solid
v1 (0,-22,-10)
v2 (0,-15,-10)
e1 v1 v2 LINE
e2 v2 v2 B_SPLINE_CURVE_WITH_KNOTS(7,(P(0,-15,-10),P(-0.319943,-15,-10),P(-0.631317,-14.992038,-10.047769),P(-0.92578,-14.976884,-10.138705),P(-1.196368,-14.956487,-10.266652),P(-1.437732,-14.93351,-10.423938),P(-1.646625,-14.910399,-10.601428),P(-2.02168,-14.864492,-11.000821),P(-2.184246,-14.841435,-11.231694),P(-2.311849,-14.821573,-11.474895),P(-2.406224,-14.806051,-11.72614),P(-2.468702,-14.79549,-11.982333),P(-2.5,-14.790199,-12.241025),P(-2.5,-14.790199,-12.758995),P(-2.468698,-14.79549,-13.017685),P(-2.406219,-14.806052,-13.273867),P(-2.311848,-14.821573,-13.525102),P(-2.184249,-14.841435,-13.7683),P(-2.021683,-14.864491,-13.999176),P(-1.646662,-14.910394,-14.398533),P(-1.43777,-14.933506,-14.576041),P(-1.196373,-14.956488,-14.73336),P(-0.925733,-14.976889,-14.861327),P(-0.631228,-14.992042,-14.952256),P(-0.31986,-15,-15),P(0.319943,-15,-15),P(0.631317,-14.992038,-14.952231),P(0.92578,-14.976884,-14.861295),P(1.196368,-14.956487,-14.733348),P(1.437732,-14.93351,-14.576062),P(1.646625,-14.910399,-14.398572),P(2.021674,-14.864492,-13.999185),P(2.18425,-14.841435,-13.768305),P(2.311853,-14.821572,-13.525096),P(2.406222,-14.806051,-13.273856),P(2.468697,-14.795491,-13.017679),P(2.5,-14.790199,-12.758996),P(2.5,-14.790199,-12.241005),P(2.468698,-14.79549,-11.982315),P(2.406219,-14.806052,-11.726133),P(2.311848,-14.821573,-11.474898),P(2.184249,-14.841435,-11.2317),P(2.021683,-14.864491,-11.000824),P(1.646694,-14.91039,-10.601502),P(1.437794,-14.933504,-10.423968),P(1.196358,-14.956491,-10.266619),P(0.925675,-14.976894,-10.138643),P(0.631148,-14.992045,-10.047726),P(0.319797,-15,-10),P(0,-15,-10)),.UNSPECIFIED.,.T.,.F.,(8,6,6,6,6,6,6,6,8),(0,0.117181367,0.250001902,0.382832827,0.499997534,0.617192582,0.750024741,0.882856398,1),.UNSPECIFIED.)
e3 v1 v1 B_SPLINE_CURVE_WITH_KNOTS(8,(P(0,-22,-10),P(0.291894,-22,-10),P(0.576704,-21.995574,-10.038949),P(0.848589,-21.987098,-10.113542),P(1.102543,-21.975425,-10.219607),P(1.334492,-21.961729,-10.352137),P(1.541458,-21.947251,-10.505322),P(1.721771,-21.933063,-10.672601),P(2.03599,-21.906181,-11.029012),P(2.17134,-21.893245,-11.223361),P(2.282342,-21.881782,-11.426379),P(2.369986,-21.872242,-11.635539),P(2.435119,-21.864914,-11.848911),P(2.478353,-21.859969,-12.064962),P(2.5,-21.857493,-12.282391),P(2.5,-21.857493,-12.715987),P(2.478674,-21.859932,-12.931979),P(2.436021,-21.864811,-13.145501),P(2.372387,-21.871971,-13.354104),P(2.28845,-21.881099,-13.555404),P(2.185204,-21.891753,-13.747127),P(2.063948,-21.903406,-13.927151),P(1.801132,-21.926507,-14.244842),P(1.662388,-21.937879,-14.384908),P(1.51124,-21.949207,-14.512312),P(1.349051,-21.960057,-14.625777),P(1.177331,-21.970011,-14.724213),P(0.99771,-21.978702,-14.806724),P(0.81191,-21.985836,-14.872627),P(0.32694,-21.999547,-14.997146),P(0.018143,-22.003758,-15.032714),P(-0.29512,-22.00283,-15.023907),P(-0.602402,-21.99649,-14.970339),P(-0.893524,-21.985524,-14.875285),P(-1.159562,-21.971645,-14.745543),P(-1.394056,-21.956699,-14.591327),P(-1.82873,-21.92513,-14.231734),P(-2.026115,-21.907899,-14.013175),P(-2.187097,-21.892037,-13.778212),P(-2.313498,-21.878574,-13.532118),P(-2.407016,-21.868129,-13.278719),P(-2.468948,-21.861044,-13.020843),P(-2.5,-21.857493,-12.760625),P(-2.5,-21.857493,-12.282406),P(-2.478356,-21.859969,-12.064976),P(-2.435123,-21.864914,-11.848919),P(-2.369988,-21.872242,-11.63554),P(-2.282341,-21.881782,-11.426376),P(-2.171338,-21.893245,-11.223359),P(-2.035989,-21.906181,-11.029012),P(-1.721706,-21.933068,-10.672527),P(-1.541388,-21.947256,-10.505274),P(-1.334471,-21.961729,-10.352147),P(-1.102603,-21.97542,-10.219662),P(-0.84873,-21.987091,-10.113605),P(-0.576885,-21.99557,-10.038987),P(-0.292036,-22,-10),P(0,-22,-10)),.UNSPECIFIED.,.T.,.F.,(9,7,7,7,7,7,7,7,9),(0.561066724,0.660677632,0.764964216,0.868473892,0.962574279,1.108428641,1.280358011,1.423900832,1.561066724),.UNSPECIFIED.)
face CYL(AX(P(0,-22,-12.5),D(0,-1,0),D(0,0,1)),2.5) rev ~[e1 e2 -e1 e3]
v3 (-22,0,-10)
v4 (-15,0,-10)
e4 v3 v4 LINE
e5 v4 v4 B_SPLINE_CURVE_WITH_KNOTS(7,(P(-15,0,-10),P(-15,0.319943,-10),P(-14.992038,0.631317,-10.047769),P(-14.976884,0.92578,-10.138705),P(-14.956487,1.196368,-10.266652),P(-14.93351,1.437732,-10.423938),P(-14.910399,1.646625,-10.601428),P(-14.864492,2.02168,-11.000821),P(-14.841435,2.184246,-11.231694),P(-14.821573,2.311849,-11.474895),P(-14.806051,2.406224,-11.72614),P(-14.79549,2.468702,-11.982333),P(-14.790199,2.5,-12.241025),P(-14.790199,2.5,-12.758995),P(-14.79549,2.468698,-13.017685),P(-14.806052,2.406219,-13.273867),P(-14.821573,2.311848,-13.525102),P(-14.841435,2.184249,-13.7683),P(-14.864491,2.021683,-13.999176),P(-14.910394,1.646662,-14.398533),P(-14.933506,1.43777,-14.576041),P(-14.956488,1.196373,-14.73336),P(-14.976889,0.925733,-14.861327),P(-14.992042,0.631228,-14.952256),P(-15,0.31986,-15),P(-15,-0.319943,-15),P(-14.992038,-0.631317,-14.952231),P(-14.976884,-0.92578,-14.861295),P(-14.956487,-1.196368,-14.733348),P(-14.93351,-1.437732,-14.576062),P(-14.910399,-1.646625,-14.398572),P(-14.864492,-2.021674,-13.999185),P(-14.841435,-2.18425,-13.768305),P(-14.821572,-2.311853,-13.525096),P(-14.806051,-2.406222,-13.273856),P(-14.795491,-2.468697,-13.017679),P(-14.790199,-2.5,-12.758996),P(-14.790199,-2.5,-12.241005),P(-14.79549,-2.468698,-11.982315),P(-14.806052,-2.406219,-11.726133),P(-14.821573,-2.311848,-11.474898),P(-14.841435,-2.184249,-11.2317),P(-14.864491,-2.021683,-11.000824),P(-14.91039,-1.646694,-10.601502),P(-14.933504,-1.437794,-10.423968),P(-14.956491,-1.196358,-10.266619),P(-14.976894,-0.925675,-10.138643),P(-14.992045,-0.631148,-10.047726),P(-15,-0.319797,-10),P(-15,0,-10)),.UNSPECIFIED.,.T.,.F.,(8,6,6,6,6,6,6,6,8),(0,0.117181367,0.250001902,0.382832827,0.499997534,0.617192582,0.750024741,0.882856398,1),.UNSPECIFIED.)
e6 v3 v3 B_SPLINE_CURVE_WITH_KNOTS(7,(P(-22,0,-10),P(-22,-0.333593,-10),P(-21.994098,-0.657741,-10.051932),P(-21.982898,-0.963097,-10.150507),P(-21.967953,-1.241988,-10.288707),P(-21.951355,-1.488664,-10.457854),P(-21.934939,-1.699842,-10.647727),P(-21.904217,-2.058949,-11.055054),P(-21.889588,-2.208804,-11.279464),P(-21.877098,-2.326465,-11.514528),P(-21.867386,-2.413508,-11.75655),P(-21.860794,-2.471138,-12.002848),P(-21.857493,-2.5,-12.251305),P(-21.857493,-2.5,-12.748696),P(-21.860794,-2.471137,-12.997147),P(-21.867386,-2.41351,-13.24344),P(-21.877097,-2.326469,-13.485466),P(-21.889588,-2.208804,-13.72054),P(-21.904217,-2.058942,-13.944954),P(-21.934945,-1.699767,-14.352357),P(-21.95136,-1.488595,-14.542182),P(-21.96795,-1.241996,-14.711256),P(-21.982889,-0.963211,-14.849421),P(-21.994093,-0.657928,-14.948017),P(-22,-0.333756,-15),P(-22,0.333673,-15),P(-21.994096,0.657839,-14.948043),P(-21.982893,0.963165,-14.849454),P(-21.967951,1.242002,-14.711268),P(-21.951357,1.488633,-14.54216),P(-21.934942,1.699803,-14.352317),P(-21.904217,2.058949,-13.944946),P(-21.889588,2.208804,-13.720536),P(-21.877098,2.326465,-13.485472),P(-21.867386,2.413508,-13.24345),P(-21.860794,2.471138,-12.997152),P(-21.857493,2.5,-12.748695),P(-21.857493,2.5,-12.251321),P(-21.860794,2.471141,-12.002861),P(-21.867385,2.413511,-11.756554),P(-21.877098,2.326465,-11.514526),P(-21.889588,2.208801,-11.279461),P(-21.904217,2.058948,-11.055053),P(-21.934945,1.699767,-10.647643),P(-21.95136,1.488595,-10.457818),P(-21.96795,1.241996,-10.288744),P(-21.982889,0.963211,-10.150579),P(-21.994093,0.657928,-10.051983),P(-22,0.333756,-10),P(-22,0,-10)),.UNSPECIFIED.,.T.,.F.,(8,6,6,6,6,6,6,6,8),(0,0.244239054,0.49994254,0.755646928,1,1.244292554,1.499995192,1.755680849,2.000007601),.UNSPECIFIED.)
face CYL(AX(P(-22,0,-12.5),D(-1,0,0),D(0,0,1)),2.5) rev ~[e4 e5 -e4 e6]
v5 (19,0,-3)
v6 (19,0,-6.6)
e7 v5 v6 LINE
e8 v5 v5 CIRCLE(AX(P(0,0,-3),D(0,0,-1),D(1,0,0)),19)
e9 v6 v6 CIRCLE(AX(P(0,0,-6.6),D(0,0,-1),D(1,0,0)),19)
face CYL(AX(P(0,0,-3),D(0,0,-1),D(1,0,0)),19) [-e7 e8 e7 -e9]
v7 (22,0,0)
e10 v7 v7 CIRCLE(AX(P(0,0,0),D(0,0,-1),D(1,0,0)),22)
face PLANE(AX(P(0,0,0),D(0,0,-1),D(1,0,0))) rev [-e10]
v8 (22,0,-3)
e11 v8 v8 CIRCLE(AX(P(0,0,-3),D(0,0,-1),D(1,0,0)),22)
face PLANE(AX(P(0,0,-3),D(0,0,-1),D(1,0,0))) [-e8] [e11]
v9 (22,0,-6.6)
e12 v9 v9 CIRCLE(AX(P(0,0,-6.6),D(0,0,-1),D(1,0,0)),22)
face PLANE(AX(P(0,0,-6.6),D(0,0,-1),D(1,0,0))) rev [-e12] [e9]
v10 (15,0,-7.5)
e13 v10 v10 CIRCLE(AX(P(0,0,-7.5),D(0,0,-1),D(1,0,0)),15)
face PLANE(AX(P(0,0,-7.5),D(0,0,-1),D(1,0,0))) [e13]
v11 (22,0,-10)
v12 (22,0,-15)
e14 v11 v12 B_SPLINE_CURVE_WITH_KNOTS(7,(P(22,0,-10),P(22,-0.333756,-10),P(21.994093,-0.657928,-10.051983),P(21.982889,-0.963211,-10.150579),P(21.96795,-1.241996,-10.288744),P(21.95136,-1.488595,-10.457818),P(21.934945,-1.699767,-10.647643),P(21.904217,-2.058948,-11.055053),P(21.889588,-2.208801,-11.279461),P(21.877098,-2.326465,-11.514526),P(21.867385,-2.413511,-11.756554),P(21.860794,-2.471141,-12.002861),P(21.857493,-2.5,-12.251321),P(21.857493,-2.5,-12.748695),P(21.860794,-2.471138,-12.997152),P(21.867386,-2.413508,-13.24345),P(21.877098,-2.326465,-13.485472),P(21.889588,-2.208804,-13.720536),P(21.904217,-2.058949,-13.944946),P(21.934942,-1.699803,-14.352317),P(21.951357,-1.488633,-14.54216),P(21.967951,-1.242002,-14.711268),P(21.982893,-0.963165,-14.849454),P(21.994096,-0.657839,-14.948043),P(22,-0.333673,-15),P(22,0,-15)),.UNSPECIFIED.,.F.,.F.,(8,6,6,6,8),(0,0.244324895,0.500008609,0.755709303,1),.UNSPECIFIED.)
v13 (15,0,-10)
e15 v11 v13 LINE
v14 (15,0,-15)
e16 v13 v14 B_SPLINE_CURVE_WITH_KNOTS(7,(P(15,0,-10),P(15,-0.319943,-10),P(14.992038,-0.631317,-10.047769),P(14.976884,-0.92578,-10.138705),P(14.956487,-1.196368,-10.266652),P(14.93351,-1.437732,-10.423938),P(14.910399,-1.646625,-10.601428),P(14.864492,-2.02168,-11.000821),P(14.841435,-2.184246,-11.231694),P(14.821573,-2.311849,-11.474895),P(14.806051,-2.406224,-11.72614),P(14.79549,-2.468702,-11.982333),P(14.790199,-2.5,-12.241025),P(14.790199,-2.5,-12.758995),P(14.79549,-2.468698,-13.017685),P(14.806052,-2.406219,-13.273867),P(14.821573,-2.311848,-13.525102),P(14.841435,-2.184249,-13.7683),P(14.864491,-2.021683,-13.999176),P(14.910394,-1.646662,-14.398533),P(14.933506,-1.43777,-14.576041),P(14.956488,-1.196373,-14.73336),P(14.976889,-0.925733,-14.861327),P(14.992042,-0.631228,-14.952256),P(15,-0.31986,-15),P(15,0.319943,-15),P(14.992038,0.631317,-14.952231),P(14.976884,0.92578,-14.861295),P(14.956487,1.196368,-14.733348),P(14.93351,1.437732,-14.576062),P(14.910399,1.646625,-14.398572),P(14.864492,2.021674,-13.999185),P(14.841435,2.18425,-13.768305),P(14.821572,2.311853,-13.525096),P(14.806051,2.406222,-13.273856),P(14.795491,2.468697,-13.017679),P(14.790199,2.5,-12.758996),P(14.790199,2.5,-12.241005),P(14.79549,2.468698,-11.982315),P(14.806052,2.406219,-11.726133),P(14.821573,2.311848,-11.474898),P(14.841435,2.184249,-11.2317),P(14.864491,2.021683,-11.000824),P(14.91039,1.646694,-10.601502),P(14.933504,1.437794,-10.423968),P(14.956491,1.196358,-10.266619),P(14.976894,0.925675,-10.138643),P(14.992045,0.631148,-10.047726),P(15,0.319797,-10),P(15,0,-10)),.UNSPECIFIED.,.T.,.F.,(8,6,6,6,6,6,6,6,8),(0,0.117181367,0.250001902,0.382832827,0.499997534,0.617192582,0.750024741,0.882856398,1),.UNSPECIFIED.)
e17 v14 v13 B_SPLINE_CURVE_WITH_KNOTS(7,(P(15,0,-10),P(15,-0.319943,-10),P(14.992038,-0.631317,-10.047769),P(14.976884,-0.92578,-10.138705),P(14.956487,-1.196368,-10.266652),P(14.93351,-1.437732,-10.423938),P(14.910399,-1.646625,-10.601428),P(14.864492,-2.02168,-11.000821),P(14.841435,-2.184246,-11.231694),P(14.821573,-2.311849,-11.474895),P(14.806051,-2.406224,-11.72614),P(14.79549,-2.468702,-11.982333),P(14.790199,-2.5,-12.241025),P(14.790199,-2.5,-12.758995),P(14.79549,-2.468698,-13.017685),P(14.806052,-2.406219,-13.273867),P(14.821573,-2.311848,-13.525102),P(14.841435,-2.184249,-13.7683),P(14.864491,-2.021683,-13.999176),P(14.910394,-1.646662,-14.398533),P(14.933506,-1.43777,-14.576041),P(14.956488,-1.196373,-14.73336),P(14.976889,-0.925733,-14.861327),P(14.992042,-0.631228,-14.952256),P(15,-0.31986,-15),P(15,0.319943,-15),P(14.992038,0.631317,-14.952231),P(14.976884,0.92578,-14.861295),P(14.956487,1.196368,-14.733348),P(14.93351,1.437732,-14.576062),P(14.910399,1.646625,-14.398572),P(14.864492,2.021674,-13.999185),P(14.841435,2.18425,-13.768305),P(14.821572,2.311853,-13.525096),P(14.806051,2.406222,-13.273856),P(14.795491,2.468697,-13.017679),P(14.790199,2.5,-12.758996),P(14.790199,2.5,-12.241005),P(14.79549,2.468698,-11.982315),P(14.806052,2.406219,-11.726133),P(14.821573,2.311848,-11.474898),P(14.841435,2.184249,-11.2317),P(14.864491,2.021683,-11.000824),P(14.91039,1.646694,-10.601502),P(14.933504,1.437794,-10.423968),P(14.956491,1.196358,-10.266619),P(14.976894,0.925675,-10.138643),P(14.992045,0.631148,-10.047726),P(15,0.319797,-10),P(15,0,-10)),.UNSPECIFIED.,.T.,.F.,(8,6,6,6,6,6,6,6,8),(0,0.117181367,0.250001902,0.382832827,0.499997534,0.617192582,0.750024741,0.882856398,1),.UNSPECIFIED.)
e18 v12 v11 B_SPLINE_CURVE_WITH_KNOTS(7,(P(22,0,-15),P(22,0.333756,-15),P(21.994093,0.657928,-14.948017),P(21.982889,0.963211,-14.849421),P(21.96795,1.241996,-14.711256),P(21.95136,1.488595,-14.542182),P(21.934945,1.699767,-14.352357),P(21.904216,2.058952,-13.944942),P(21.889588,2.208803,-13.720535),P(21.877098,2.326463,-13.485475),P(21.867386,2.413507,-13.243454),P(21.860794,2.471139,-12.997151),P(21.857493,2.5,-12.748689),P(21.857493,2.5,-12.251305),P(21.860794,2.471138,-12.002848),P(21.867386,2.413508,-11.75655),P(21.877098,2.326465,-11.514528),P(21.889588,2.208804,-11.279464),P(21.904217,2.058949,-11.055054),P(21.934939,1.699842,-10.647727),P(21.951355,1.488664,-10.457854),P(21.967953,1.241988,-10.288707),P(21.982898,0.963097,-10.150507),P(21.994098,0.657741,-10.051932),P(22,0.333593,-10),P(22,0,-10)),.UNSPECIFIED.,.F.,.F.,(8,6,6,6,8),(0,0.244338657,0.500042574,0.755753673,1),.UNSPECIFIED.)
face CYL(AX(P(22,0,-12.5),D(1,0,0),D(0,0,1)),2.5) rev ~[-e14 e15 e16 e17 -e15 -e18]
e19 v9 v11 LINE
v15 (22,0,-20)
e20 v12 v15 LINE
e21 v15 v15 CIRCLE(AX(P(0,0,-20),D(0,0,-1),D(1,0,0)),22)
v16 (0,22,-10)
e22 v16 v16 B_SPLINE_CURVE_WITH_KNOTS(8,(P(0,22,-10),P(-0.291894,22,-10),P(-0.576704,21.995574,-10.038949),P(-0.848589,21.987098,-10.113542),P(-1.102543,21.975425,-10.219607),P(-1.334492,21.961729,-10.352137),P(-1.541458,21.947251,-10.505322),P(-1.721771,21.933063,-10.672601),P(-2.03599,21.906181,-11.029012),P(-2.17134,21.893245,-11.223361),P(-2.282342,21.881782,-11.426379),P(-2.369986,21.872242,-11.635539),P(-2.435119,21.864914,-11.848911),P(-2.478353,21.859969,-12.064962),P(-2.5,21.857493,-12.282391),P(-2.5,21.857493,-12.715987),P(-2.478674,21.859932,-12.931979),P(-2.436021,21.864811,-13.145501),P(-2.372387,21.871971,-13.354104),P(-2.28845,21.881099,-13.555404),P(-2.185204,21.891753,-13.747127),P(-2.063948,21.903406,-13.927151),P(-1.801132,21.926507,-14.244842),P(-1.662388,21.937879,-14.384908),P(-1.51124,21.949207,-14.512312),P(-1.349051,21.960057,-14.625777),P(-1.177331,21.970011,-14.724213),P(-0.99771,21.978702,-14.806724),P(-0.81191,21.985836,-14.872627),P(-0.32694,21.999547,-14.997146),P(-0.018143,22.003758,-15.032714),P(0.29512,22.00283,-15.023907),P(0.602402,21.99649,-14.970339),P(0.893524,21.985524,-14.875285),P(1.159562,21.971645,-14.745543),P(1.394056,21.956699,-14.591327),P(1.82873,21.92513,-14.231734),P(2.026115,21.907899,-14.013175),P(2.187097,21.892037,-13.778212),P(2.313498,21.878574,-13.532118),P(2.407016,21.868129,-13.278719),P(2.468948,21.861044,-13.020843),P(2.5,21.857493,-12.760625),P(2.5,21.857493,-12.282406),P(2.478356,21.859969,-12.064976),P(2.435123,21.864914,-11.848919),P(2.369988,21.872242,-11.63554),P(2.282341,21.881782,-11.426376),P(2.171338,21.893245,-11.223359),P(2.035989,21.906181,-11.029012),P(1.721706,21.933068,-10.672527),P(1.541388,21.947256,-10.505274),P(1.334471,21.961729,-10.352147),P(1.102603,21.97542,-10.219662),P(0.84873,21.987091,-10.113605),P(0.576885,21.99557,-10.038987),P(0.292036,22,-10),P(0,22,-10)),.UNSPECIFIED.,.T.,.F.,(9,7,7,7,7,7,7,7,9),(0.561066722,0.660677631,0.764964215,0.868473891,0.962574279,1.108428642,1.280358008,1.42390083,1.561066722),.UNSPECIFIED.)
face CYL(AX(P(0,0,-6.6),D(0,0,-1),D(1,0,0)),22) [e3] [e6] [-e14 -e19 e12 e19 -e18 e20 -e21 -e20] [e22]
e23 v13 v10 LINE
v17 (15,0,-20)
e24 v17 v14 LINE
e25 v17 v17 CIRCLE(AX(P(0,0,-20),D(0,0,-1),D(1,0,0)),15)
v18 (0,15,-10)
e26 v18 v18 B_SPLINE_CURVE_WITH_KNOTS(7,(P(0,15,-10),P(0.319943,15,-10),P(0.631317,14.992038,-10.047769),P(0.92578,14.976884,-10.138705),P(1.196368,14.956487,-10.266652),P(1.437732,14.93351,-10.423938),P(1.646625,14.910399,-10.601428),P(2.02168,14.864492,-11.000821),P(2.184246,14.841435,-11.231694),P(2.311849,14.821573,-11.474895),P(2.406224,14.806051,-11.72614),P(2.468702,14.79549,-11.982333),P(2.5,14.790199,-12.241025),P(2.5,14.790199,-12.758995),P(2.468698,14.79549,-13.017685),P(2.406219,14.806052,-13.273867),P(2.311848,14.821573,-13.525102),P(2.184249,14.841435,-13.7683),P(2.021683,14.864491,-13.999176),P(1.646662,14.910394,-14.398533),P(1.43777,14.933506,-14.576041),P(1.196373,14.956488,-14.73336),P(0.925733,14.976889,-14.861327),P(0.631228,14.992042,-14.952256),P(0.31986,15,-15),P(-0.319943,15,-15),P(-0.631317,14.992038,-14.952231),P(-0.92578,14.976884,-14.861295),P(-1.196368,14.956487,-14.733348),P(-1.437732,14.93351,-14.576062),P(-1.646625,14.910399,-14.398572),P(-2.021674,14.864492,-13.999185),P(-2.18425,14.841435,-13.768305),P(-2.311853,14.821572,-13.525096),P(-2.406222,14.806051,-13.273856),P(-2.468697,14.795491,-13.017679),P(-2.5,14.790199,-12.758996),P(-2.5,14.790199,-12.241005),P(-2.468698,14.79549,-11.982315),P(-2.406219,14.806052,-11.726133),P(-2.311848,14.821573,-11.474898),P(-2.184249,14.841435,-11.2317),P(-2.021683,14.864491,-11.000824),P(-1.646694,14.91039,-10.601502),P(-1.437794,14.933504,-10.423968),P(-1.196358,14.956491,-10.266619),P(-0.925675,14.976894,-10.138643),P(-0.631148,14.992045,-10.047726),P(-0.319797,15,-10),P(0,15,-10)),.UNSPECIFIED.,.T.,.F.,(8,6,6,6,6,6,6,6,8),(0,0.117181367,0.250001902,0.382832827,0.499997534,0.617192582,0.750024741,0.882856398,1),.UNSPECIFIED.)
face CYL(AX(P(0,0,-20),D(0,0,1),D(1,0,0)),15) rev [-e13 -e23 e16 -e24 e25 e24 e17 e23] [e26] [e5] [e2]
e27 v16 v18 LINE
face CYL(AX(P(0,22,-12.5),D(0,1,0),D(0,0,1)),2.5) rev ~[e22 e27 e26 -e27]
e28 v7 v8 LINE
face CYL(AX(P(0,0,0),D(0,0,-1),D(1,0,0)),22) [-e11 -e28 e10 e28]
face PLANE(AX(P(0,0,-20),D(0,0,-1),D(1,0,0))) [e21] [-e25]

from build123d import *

# Parameters (mm, degrees)
CORTE_EXTRUS_O1_REACH      = 55.104
CORTE_EXTRUS_O1_END_RADIUS = 15
ESBO_O3_R                  = 2.5
PADR_OCIRCULAR1_COUNT      = 4


with BuildPart() as part:
    # Esbo_o1 → Revolu_o1 (revolve)
    with BuildSketch(Plane(origin=(0, 0, 0), x_dir=(1, 0, 0), z_dir=(0, 1, 0)), mode=Mode.PRIVATE) as revolu_o1_sk:
        Polygon((0, 0), (-22, 0), (-22, 3), (-19, 3), (-19, 6.6), (-22, 6.6), (-22, 20), (-15, 20), (-15, 7.5), (0, 7.5), align=None)
    revolve(revolu_o1_sk.sketch.rotate(Axis((0, 0, 0), (0, 0, -1)), 180), axis=Axis((0, 0, 0), (0, 0, -1)))

    # Corte-extrus_o1: up to this cylinder (the profile starts outside it)
    corte_extrus_o1_end = Plane(origin=(0, 0, -12.5), z_dir=(0, 0, 1)) * Cylinder(CORTE_EXTRUS_O1_END_RADIUS, 141.208, mode=Mode.PRIVATE)
    # Esbo_o3 → Corte-extrus_o1 (cut, up to the surface)
    with BuildSketch(Plane.ZY.offset(22), mode=Mode.PRIVATE) as corte_extrus_o1_sk1:
        with Locations((-12.5, 0)):
            Circle(ESBO_O3_R)
    corte_extrus_o1_tool1 = extrude(corte_extrus_o1_sk1.sketch, amount=-CORTE_EXTRUS_O1_REACH, mode=Mode.PRIVATE) - corte_extrus_o1_end
    corte_extrus_o1 = corte_extrus_o1_tool1.solids().sort_by_distance((-22, 0, -12.5))[0]
    add(corte_extrus_o1, mode=Mode.SUBTRACT)

    # Padr_oCircular1: Corte-extrus_o1 ×4 about axis
    padr_ocircular1_axis = Axis((0, 0, -20), (0, 0, 1))
    for i in range(1, PADR_OCIRCULAR1_COUNT):
        add(corte_extrus_o1.rotate(padr_ocircular1_axis, i * 360 / PADR_OCIRCULAR1_COUNT), mode=Mode.SUBTRACT)


solid = part.part
